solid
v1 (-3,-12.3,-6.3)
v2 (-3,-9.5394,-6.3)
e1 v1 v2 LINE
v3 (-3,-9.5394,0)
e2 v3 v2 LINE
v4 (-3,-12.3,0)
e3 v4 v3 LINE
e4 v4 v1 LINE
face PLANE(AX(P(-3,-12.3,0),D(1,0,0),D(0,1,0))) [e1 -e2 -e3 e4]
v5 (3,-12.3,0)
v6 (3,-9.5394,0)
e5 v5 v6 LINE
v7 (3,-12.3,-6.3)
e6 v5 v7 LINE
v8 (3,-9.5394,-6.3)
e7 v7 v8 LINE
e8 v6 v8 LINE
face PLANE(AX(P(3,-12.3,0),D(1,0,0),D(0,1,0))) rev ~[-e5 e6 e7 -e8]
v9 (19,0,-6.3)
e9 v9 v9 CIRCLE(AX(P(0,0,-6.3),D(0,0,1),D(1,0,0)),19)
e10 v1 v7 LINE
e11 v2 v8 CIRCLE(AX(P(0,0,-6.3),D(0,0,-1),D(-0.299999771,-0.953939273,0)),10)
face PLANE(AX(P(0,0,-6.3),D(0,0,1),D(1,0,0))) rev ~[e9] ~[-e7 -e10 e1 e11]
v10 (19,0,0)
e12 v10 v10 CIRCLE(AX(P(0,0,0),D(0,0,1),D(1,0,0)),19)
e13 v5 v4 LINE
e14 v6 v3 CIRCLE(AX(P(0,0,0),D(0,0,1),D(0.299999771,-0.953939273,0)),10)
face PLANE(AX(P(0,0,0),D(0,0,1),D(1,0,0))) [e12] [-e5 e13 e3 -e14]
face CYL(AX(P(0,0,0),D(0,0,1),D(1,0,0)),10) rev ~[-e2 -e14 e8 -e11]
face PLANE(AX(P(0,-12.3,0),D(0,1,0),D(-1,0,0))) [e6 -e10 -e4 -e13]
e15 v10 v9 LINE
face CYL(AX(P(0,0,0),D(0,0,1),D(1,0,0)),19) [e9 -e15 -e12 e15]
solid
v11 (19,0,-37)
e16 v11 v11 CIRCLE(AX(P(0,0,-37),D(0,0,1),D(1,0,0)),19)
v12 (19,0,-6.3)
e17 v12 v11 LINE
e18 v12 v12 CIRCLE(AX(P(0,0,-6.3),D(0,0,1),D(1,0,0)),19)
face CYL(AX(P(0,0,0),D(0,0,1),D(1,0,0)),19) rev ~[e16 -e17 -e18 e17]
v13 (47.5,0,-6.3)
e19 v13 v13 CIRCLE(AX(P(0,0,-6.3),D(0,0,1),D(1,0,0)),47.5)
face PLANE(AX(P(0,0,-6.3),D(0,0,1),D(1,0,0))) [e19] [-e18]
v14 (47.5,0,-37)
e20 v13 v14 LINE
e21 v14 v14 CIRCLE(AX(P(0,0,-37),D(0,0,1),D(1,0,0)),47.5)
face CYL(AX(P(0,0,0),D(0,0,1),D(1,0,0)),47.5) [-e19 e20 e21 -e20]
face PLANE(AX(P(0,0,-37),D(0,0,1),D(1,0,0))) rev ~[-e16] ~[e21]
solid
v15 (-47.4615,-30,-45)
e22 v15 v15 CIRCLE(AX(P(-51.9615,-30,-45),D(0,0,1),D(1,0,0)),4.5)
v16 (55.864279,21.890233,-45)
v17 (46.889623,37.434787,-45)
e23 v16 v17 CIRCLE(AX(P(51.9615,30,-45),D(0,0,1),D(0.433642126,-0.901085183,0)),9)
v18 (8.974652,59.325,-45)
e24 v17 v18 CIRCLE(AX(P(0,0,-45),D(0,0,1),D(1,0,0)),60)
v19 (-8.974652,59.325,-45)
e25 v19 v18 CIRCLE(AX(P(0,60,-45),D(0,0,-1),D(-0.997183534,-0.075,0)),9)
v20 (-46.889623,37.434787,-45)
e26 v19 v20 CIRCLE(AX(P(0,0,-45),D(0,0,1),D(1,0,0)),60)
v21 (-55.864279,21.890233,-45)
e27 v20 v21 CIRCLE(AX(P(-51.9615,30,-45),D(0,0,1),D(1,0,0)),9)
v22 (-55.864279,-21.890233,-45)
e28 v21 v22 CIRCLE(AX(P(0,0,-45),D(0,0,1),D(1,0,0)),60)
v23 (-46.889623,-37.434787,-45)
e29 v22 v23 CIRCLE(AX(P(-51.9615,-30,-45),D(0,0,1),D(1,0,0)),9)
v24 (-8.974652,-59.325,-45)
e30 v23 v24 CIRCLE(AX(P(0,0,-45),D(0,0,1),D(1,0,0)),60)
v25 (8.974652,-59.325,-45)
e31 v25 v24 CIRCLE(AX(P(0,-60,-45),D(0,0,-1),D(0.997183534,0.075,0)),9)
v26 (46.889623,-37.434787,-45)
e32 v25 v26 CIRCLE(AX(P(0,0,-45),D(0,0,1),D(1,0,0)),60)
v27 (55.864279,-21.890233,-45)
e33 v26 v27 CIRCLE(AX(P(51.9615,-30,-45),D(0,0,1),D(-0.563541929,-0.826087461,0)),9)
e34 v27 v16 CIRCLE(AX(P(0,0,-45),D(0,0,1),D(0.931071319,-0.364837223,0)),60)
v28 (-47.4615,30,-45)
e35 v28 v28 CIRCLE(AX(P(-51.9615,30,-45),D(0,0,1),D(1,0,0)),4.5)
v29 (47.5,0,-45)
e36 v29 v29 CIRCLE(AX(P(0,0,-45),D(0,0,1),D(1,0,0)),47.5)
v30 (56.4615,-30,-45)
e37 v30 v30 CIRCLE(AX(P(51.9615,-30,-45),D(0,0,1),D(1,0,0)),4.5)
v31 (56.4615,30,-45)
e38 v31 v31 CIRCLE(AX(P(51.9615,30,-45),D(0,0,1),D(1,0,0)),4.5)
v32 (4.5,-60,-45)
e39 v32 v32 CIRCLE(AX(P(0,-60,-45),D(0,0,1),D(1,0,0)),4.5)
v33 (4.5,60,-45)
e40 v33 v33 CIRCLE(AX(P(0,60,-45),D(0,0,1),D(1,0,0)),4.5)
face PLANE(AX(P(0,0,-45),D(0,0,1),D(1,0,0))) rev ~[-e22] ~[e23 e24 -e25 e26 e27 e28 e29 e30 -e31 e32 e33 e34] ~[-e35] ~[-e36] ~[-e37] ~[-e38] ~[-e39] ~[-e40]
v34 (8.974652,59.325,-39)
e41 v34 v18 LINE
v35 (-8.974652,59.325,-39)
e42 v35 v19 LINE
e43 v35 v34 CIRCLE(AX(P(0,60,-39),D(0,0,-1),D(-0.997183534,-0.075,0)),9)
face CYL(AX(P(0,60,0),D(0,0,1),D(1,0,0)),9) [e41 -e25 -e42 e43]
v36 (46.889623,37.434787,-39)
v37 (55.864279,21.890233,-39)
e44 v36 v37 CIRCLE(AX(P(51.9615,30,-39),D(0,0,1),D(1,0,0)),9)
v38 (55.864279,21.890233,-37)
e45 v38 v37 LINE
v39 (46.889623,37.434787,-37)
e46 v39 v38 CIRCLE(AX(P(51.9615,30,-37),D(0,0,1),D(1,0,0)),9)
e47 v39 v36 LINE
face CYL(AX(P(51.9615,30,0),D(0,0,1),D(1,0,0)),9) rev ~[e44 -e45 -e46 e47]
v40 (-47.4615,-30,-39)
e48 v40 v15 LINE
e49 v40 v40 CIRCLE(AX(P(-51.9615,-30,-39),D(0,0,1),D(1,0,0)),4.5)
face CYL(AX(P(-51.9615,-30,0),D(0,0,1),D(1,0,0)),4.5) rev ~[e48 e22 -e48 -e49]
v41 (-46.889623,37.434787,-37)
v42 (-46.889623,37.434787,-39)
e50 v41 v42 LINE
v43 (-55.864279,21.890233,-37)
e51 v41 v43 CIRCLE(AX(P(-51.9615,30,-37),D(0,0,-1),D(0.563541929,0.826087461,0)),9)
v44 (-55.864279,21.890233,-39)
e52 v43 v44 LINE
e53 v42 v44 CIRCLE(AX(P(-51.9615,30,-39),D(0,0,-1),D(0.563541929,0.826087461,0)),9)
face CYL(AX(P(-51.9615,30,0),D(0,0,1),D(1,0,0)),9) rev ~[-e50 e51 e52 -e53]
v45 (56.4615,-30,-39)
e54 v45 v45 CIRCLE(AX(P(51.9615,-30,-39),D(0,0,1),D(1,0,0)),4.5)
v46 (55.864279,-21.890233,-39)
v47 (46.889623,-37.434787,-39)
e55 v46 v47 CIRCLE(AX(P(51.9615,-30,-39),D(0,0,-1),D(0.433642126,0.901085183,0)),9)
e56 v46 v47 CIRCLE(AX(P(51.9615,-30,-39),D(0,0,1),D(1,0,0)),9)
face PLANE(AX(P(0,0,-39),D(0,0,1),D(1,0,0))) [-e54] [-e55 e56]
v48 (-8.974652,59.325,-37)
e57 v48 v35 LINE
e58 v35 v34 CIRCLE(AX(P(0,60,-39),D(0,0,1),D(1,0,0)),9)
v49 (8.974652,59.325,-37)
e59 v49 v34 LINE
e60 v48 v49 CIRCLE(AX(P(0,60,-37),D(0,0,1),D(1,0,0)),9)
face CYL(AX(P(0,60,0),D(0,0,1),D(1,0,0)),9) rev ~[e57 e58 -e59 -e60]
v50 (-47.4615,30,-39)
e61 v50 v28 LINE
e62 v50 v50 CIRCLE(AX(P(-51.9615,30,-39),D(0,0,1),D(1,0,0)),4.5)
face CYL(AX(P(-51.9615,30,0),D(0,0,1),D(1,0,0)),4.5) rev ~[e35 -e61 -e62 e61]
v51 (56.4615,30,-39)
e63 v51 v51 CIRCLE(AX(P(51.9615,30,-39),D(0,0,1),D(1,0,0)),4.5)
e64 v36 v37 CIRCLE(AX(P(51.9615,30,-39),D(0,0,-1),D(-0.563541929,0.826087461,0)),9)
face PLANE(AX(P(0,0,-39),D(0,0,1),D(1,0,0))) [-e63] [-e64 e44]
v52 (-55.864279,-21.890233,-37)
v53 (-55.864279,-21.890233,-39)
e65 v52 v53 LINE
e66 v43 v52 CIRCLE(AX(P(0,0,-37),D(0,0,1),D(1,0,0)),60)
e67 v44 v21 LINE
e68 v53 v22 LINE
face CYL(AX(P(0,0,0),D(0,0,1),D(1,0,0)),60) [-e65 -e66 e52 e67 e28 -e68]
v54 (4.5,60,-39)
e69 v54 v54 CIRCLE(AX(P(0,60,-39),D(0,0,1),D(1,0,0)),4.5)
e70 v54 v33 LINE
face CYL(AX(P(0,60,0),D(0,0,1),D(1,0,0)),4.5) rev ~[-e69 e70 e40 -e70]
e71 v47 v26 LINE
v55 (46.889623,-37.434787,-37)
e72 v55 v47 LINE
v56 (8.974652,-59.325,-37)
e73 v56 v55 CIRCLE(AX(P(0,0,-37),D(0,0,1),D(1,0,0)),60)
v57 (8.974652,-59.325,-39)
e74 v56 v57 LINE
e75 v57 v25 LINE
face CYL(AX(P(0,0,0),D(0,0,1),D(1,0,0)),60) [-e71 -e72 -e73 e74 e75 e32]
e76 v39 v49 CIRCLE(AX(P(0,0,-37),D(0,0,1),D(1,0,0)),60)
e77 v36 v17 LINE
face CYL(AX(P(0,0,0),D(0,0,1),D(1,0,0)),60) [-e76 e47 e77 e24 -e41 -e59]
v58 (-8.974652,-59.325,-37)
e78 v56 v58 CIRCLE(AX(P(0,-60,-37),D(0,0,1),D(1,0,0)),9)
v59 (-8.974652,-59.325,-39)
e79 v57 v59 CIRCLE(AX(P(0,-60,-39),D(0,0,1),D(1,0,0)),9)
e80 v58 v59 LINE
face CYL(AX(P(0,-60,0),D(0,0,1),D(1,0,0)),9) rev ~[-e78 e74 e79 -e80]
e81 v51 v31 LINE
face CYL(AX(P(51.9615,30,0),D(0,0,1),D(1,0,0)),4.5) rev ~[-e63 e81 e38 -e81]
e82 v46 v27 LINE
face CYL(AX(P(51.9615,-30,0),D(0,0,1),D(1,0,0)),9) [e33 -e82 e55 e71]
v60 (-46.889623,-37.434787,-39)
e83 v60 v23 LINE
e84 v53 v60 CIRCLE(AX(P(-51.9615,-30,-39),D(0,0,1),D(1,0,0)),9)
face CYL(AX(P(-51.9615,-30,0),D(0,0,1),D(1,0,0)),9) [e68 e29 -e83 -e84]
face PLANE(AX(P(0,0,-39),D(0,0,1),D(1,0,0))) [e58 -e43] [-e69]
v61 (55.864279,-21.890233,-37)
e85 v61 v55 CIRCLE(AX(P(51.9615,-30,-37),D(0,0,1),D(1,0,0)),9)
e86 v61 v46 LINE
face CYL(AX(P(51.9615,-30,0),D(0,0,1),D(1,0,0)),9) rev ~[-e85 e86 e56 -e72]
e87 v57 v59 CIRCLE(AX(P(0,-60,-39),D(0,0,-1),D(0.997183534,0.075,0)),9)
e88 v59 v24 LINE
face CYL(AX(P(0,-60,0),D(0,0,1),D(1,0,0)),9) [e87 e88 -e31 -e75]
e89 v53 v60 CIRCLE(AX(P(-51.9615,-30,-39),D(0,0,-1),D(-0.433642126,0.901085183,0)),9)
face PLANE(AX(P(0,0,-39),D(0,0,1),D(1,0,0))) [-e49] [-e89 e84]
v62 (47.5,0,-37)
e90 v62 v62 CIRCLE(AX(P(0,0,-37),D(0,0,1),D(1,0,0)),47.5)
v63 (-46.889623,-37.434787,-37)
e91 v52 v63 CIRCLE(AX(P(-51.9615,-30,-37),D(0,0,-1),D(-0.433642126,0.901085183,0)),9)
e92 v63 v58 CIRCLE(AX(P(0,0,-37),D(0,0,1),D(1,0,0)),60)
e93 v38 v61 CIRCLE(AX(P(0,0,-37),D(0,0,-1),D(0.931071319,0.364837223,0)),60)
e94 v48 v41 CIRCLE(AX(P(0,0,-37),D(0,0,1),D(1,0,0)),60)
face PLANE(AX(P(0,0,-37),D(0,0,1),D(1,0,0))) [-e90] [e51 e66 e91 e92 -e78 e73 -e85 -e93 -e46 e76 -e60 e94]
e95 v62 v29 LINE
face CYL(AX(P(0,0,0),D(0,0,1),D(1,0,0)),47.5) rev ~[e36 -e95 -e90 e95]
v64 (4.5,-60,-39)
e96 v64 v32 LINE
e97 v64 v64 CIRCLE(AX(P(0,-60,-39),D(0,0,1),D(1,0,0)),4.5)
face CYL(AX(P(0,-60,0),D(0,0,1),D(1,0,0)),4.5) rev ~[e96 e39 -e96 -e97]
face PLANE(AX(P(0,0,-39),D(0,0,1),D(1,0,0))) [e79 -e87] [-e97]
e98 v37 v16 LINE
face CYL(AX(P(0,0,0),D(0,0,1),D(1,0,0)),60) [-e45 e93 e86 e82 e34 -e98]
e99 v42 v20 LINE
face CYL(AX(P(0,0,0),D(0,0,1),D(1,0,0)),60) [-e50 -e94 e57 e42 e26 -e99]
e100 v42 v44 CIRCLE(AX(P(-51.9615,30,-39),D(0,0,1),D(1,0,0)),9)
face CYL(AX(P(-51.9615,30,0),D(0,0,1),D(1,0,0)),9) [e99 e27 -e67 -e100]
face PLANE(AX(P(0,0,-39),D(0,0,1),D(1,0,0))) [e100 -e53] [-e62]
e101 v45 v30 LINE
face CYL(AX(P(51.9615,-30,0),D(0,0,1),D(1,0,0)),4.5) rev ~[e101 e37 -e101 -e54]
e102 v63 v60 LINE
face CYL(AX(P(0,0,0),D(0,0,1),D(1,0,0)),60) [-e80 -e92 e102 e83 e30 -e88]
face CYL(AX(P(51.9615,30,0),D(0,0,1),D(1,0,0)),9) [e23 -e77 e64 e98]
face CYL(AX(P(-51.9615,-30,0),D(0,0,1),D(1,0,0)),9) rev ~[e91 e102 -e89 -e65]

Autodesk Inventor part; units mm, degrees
ref_plane "YZ Plane" through (0, 0, 0) normal (1, 0, 0) x (0, 1, 0)
ref_plane "XZ Plane" through (0, 0, 0) normal (0, 1, 0) x (-1, 0, 0)
ref_plane "XY Plane" through (0, 0, 0) normal (0, 0, 1) x (1, 0, 0)
sketch "Sketch1" plane through (0, 0, 0) normal (0, 0, 1) x (1, 0, 0)
  circle A0 centre (0, 0) radius 19
  circle A1 centre (0, 0) radius 10
  line L0 (0, -10) -> (0, -12.3)
  line L1 (0, -12.3) -> (-3, -12.3)
  line L2 (0, -12.3) -> (3, -12.3)
  line L3 (3, -12.3) -> (3, -9.5394)
  line L4 (-3, -12.3) -> (-3, -9.5394)
  circle A2 centre (0, 0) radius 66
  circle A3 centre (0, 0) radius 60
  circle A4 centre (0, 0) radius 47.5
  circle A5 centre (0, 60) radius 4.5
  circle A6 centre (-51.9615, 30) radius 4.5
  circle A7 centre (-51.9615, -30) radius 4.5
  circle A8 centre (0, -60) radius 4.5
  circle A9 centre (51.9615, -30) radius 4.5
  circle A10 centre (51.9615, 30) radius 4.5
  circle A11 centre (0, 60) radius 9
  circle A12 centre (-51.9615, 30) radius 9
  circle A13 centre (-51.9615, -30) radius 9
  circle A14 centre (0, -60) radius 9
  circle A15 centre (51.9615, -30) radius 9
  circle A16 centre (51.9615, 30) radius 9
  point P0 (-7.0256, 65.625)
  point P1 (-53.3201, 38.8969)
  point P2 (-60.3457, 26.7281)
  point P3 (-7.0256, -65.625)
  point P4 (7.0256, -65.625)
  point P5 (53.3201, -38.8969)
  point P6 (60.3457, -26.7281)
  point P7 (7.0256, 65.625)
  point P8 (55.8643, 21.8902)
  point P9 (46.8896, 37.4348)
  point P10 (8.9747, 59.325)
  point P11 (-8.9747, 59.325)
  point P12 (-46.8896, 37.4348)
  point P13 (-55.8643, 21.8902)
  point P14 (-55.8643, -21.8902)
  point P15 (-46.8896, -37.4348)
  point P16 (-8.9747, -59.325)
  point P17 (8.9747, -59.325)
  point P18 (46.8896, -37.4348)
  point P19 (55.8643, -21.8902)
  dimension "d6" = 120
  dimension "d0" = 38
  dimension "d1" = 20
  dimension "d2" = 2.3
  dimension "d3" = 3
  dimension "d4" = 3
  dimension "d5" = 132
  dimension "d7" = 95
  dimension "d8" = 9
  dimension "d11" = 360
  dimension "d13" = 18
  dimension "d16" = 360
sketch "Sketch2" plane through (0, 0, 0) normal (1, 0, 0) x (0, 1, 0)
  line L0 (0, 0) -> (0, -45)
  line L1 (0, 0) -> (0, -38)
  line L2 (0, -45) -> (0, -37)
  line L3 (0, 0) -> (10, 0)
  line L4 (10, 0) -> (10, -38)
  line L5 (10, -38) -> (19, -38)
  line L6 (19, 0) -> (19, -38)
  line L7 (0, 0) -> (0, -6.3)
  line L8 (0, -6.3) -> (19, -6.3)
  dimension "d18" = 45
  dimension "d19" = 38
  dimension "d20" = 8
  dimension "d21" = 10
  dimension "d22" = 38
  dimension "d23" = 9
  dimension "d34" = 6.3
extrude "Extrusion3" add sketch "Sketch1" against normal blind 6.3 contours A0
extrude "Extrusion4" add sketch "Sketch1" against normal blind 37 contours A4
extrude "Extrusion5" cut sketch "Sketch1" against normal blind 6.3 contours A4
extrude "Extrusion6" add sketch "Sketch1" against normal blind 45 contours A3 A15 A14 A13 A12 A11 A16
extrude "Extrusion8" cut sketch "Sketch1" against normal blind 37 contours A3 A15 A14 A13 A12 A11 A16
extrude "Extrusion9" add sketch "Sketch1" against normal blind 45 contours A16 A3 A10 A2 | A2 A16 | A15 A2 | A2 A15 A3 A9 | A16 A3 A10 | A3 A9 A15 | A11 A3 A5 A2 | A2 A11 | A10 A3 | A3 A10 | A14 A2 | A2 A14 A3 A8 | A9 A3 | A3 A9 | A11 A3 A5 | A3 A8 A14 | A12 A3 A6 A2 | A2 A12 | A5 A3 | A3 A5 | A13 A2 | A2 A13 A3 A7 | A8 A3 | A3 A8 | A12 A3 A6 | A3 A7 A13 | A6 A3 | A3 A6 | A7 A3 | A3 A7
extrude "Extrusion10" cut sketch "Sketch1" against normal blind 39 contours A16 A3 A10 A2 | A2 A16 | A15 A2 | A2 A15 A3 A9 | A16 A3 A10 | A3 A9 A15 | A11 A3 A5 A2 | A2 A11 | A10 A3 | A3 A10 | A14 A2 | A2 A14 A3 A8 | A9 A3 | A3 A9 | A11 A3 A5 | A3 A8 A14 | A12 A3 A6 A2 | A2 A12 | A5 A3 | A3 A5 | A13 A2 | A2 A13 A3 A7 | A8 A3 | A3 A8 | A12 A3 A6 | A3 A7 A13 | A6 A3 | A3 A6 | A7 A3 | A3 A7
extrude "Extrusion11" cut sketch "Sketch1" against normal blind 45 contours A10 A3 | A3 A10 | A9 A3 | A3 A9 | A5 A3 | A3 A5 | A8 A3 | A3 A8 | A6 A3 | A3 A6 | A7 A3 | A3 A7
properties part number "Bai13"
